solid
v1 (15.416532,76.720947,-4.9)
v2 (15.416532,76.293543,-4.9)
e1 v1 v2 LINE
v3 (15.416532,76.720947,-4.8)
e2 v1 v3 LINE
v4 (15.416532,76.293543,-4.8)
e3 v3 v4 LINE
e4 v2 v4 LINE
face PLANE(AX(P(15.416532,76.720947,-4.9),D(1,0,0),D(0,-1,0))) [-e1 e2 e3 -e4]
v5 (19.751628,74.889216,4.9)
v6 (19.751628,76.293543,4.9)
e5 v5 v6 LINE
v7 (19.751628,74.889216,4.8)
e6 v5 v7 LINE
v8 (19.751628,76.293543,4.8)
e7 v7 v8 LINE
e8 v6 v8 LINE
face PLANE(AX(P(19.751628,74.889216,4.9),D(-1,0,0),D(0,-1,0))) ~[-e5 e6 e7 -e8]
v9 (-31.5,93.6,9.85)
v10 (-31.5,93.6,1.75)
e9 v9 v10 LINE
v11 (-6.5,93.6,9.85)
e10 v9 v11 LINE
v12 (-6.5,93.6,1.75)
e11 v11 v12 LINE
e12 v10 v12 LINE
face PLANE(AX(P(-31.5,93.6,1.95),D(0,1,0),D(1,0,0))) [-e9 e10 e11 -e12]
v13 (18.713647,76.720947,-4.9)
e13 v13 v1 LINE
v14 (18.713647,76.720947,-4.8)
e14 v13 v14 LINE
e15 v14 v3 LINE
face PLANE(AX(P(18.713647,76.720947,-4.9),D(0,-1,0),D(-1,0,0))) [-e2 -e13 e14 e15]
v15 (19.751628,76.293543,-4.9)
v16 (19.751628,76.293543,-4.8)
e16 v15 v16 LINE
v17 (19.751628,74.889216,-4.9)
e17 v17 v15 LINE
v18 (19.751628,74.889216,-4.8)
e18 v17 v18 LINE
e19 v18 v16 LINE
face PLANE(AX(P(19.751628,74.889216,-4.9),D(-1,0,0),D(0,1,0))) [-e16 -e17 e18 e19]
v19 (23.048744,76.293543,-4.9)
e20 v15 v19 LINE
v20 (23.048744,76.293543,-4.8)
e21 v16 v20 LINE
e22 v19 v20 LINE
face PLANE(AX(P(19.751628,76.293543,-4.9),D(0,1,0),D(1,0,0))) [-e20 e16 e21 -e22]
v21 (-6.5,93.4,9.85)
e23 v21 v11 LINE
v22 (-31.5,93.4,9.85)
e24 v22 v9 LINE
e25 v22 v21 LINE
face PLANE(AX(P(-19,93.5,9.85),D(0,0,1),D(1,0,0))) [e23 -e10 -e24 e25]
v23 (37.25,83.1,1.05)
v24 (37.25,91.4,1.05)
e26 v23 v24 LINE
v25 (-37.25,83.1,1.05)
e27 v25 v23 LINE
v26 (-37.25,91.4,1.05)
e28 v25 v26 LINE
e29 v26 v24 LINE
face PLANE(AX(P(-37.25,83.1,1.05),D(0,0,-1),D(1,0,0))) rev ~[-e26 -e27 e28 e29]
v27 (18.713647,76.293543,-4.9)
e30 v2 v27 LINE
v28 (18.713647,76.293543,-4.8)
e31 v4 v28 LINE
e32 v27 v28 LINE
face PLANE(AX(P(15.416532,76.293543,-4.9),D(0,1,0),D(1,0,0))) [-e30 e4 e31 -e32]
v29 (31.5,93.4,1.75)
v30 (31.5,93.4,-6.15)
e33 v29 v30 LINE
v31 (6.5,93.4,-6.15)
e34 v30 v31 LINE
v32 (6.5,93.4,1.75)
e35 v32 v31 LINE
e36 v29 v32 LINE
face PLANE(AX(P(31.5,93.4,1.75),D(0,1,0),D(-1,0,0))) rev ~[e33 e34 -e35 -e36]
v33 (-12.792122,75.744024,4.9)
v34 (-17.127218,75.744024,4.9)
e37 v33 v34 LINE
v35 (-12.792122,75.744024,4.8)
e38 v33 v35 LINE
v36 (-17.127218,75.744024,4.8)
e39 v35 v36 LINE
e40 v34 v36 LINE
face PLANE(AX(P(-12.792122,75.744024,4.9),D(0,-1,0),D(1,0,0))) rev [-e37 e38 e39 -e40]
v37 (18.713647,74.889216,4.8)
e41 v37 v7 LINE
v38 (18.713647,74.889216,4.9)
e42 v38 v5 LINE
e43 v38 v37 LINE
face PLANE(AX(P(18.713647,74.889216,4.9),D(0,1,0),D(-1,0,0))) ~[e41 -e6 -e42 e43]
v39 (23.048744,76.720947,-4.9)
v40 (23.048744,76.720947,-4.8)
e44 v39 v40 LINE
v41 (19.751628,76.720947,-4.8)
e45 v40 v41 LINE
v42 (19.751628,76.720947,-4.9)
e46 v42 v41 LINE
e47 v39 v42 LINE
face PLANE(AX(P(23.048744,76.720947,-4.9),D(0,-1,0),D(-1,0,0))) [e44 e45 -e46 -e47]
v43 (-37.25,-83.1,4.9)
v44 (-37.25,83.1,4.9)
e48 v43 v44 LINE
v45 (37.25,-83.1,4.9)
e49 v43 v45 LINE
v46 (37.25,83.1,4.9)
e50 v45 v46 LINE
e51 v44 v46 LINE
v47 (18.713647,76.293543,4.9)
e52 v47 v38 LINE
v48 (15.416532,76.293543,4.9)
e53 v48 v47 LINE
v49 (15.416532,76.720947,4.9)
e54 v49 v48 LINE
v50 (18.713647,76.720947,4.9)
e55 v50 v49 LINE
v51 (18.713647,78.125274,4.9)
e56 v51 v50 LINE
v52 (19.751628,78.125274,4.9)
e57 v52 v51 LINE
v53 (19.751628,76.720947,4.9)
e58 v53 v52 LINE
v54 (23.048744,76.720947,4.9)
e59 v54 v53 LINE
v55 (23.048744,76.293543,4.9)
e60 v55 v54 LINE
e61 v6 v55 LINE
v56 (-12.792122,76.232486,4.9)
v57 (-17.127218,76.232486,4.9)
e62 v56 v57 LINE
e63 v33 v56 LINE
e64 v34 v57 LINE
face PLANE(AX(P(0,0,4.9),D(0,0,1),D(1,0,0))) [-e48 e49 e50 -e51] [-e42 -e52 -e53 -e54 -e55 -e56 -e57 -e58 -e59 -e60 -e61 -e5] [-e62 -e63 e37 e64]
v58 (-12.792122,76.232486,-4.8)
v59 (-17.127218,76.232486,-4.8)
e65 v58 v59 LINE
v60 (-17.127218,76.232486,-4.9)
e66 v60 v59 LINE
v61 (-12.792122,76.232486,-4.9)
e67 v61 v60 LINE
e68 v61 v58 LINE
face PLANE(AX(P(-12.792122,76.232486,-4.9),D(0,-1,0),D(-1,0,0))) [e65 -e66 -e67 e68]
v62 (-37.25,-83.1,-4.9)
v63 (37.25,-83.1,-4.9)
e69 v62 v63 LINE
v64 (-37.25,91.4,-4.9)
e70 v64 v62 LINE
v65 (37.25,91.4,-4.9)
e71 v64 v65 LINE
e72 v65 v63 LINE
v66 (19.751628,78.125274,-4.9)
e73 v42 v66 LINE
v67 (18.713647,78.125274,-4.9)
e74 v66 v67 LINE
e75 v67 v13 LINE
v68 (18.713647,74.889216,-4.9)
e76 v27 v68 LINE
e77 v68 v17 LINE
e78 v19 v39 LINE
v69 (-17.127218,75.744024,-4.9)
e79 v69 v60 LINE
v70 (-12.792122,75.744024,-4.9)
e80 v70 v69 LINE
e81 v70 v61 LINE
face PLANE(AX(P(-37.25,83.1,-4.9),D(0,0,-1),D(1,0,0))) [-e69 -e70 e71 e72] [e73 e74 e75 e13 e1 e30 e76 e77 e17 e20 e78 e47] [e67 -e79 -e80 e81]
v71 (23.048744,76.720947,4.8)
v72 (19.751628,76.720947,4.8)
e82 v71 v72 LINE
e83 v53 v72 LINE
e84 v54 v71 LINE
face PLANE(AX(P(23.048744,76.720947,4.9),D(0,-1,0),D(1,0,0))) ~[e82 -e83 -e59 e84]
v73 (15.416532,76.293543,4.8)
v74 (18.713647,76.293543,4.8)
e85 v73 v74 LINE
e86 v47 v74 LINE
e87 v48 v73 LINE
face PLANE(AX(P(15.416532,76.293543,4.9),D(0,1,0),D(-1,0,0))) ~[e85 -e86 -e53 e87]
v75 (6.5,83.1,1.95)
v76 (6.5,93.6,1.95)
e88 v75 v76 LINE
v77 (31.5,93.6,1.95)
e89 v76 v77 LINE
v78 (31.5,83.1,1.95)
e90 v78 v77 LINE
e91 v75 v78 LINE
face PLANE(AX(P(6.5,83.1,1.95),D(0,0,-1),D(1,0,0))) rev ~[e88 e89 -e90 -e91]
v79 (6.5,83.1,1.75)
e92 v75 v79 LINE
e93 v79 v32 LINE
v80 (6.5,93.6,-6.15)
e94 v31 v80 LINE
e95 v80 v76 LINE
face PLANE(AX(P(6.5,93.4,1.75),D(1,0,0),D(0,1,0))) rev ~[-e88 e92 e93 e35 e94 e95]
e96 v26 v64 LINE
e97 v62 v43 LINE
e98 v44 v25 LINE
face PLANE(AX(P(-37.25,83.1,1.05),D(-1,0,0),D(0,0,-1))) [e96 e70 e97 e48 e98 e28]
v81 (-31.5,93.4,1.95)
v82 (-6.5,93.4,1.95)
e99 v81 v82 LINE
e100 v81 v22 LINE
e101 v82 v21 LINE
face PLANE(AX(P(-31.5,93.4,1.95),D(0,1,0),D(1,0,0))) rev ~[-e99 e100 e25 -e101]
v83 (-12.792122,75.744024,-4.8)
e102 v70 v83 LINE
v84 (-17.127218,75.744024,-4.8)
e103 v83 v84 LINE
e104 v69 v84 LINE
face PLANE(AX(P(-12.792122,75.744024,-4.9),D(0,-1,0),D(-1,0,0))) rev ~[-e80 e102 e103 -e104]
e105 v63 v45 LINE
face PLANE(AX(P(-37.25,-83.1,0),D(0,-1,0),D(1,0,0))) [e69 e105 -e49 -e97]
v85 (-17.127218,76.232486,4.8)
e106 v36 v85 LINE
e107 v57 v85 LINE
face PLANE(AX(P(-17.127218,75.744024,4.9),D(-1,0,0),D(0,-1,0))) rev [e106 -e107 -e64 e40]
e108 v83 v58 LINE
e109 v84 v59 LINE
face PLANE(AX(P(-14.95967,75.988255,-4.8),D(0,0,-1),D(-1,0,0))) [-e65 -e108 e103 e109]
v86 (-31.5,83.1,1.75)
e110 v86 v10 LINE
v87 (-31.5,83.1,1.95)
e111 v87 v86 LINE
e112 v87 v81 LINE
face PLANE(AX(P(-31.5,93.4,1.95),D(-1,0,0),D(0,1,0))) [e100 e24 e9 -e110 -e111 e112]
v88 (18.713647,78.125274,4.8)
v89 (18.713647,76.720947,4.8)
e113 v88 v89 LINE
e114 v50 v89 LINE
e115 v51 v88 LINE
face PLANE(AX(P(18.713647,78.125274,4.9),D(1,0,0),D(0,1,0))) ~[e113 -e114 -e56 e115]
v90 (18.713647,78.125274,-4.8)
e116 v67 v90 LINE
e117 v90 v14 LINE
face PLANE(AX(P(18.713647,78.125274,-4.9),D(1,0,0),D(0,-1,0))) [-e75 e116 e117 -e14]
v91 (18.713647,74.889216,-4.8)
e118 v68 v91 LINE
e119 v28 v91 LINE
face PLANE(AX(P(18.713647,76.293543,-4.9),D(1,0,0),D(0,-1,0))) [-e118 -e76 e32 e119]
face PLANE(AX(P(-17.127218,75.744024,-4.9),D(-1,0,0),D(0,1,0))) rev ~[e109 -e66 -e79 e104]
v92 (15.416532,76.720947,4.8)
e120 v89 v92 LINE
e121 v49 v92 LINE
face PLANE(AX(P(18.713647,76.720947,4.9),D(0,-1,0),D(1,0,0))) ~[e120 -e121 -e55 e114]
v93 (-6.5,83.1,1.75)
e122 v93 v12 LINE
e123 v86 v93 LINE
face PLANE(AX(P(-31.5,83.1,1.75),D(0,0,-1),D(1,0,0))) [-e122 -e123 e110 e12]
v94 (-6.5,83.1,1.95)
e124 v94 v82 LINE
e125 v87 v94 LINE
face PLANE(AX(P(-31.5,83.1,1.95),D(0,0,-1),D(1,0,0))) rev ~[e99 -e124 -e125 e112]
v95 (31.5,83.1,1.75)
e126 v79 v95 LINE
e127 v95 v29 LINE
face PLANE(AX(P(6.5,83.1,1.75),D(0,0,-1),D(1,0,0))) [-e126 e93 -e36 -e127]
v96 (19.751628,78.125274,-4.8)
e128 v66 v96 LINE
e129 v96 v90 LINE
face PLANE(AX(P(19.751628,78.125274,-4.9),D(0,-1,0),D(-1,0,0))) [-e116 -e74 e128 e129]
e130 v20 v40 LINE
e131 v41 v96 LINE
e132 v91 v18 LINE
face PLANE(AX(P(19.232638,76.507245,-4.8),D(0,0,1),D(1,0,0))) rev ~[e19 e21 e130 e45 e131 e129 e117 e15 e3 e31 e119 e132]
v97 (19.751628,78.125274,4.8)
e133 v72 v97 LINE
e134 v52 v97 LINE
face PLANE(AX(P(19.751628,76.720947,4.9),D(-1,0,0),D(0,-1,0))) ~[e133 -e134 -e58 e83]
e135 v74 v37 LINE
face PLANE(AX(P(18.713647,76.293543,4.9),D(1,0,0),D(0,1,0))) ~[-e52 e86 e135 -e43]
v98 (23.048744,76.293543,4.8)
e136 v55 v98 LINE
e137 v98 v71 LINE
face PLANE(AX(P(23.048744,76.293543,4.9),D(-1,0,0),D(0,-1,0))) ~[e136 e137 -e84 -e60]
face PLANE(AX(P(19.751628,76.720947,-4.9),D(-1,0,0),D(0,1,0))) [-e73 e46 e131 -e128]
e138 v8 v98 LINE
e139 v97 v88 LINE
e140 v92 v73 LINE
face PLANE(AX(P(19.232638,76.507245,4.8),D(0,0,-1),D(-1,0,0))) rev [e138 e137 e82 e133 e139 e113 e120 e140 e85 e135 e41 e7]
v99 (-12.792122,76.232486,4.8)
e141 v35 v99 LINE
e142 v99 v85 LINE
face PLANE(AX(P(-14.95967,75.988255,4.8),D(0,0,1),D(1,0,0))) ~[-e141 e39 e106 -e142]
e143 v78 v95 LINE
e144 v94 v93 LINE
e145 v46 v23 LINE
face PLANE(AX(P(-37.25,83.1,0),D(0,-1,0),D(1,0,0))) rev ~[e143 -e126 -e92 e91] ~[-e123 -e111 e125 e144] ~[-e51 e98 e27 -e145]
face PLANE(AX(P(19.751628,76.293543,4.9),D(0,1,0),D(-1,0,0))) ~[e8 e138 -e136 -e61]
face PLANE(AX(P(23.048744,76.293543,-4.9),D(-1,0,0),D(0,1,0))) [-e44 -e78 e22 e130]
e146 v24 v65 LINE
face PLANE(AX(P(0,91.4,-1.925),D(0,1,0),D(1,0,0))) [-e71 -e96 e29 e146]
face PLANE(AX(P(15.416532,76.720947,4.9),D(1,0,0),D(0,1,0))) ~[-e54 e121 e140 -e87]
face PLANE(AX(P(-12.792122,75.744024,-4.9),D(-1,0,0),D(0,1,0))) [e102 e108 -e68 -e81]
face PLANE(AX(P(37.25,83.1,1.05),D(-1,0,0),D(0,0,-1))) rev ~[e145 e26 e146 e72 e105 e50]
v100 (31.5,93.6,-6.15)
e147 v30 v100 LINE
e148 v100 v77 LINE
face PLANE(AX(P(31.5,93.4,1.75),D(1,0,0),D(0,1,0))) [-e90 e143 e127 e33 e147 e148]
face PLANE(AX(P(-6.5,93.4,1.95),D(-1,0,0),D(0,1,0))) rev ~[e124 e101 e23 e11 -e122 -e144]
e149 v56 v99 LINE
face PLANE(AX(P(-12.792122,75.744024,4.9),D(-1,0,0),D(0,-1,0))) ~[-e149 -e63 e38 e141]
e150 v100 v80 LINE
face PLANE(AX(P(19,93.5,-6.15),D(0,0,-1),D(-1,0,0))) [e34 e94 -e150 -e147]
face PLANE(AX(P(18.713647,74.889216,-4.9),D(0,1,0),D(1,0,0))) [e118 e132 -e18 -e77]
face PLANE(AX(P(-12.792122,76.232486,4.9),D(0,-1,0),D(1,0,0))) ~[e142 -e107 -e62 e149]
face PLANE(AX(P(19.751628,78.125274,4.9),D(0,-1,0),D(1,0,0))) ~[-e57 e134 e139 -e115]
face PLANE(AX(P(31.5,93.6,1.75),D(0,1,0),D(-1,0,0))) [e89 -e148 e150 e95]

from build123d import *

# Parameters (mm, degrees)
SKETCH_1_W          = 74.5
SKETCH_1_H          = 166.2
EXTRUDE_1_DEPTH     = 4.9
SKETCH_3_W          = 74.5
SKETCH_3_H          = 5.95
EXTRUDE_2_DEPTH     = 8.3
SKETCH_4_W          = 25
SKETCH_4_H          = 0.2
EXTRUDE_4_DEPTH     = 10.5
SKETCH_6_W          = 25
SKETCH_6_H          = 0.2
EXTRUDE_5_DEPTH     = 7.9
SKETCH_7_W          = 25
SKETCH_7_H          = 0.2
EXTRUDE_6_DEPTH     = 7.9
SKETCH_8_W          = 4.335096154
SKETCH_8_H          = 0.488461538
CUT_EXTRUDE_1_DEPTH = 0.1


with BuildPart() as part:
    # 草图1 → 凸台-拉伸1 (new, symmetric)
    with BuildSketch(Plane.XY):
        Rectangle(SKETCH_1_W, SKETCH_1_H)
    extrude(amount=EXTRUDE_1_DEPTH, both=True)

    # 草图3 → 凸台-拉伸2 (add)
    with BuildSketch(Plane(origin=(0, 83.1, 0), x_dir=(1, 0, 0), z_dir=(0, 1, 0))):
        with Locations((0, 1.925)):
            Rectangle(SKETCH_3_W, SKETCH_3_H)
    extrude(amount=EXTRUDE_2_DEPTH)

    # 草图4 → 凸台-拉伸4 (add)
    with BuildSketch(Plane(origin=(0, 83.1, 0), x_dir=(1, 0, 0), z_dir=(0, 1, 0))):
        with Locations((-19, -1.85)):
            Rectangle(SKETCH_4_W, SKETCH_4_H)
        with Locations((19, -1.85)):
            Rectangle(SKETCH_4_W, SKETCH_4_H)
    extrude(amount=EXTRUDE_4_DEPTH)

    # 草图6 → 凸台-拉伸5 (add)
    with BuildSketch(Plane.XY.offset(1.95)):
        with Locations((-19, 93.5)):
            Rectangle(SKETCH_6_W, SKETCH_6_H)
    extrude(amount=EXTRUDE_5_DEPTH)

    # 草图7 → 凸台-拉伸6 (add)
    with BuildSketch(Plane(origin=(0, 0, 1.75), x_dir=(-1, 0, 0), z_dir=(0, 0, -1))):
        with Locations((-19, 93.5)):
            Rectangle(SKETCH_7_W, SKETCH_7_H)
    extrude(amount=EXTRUDE_6_DEPTH)

    # 草图8 → 切除-拉伸1 (cut)
    with BuildSketch(Plane(origin=(0, 0, -4.9), x_dir=(-1, 0, 0), z_dir=(0, 0, -1))):
        Polygon((-19.751628191, 76.72094721), (-19.751628191, 78.125274133), (-18.713647422, 78.125274133), (-18.713647422, 76.72094721), (-15.416532037, 76.72094721), (-15.416532037, 76.293543364), (-18.713647422, 76.293543364), (-18.713647422, 74.889216441), (-19.751628191, 74.889216441), (-19.751628191, 76.293543364), (-23.048743575, 76.293543364), (-23.048743575, 76.72094721), align=None)
        with Locations((14.959669886, 75.988254902)):
            Rectangle(SKETCH_8_W, SKETCH_8_H)
    cut_extrude_1 = extrude(amount=-CUT_EXTRUDE_1_DEPTH, mode=Mode.SUBTRACT)

    # 镜向1: 切除-拉伸1 across plane
    add(cut_extrude_1.mirror(Plane.XY), mode=Mode.SUBTRACT)


solid = part.part
